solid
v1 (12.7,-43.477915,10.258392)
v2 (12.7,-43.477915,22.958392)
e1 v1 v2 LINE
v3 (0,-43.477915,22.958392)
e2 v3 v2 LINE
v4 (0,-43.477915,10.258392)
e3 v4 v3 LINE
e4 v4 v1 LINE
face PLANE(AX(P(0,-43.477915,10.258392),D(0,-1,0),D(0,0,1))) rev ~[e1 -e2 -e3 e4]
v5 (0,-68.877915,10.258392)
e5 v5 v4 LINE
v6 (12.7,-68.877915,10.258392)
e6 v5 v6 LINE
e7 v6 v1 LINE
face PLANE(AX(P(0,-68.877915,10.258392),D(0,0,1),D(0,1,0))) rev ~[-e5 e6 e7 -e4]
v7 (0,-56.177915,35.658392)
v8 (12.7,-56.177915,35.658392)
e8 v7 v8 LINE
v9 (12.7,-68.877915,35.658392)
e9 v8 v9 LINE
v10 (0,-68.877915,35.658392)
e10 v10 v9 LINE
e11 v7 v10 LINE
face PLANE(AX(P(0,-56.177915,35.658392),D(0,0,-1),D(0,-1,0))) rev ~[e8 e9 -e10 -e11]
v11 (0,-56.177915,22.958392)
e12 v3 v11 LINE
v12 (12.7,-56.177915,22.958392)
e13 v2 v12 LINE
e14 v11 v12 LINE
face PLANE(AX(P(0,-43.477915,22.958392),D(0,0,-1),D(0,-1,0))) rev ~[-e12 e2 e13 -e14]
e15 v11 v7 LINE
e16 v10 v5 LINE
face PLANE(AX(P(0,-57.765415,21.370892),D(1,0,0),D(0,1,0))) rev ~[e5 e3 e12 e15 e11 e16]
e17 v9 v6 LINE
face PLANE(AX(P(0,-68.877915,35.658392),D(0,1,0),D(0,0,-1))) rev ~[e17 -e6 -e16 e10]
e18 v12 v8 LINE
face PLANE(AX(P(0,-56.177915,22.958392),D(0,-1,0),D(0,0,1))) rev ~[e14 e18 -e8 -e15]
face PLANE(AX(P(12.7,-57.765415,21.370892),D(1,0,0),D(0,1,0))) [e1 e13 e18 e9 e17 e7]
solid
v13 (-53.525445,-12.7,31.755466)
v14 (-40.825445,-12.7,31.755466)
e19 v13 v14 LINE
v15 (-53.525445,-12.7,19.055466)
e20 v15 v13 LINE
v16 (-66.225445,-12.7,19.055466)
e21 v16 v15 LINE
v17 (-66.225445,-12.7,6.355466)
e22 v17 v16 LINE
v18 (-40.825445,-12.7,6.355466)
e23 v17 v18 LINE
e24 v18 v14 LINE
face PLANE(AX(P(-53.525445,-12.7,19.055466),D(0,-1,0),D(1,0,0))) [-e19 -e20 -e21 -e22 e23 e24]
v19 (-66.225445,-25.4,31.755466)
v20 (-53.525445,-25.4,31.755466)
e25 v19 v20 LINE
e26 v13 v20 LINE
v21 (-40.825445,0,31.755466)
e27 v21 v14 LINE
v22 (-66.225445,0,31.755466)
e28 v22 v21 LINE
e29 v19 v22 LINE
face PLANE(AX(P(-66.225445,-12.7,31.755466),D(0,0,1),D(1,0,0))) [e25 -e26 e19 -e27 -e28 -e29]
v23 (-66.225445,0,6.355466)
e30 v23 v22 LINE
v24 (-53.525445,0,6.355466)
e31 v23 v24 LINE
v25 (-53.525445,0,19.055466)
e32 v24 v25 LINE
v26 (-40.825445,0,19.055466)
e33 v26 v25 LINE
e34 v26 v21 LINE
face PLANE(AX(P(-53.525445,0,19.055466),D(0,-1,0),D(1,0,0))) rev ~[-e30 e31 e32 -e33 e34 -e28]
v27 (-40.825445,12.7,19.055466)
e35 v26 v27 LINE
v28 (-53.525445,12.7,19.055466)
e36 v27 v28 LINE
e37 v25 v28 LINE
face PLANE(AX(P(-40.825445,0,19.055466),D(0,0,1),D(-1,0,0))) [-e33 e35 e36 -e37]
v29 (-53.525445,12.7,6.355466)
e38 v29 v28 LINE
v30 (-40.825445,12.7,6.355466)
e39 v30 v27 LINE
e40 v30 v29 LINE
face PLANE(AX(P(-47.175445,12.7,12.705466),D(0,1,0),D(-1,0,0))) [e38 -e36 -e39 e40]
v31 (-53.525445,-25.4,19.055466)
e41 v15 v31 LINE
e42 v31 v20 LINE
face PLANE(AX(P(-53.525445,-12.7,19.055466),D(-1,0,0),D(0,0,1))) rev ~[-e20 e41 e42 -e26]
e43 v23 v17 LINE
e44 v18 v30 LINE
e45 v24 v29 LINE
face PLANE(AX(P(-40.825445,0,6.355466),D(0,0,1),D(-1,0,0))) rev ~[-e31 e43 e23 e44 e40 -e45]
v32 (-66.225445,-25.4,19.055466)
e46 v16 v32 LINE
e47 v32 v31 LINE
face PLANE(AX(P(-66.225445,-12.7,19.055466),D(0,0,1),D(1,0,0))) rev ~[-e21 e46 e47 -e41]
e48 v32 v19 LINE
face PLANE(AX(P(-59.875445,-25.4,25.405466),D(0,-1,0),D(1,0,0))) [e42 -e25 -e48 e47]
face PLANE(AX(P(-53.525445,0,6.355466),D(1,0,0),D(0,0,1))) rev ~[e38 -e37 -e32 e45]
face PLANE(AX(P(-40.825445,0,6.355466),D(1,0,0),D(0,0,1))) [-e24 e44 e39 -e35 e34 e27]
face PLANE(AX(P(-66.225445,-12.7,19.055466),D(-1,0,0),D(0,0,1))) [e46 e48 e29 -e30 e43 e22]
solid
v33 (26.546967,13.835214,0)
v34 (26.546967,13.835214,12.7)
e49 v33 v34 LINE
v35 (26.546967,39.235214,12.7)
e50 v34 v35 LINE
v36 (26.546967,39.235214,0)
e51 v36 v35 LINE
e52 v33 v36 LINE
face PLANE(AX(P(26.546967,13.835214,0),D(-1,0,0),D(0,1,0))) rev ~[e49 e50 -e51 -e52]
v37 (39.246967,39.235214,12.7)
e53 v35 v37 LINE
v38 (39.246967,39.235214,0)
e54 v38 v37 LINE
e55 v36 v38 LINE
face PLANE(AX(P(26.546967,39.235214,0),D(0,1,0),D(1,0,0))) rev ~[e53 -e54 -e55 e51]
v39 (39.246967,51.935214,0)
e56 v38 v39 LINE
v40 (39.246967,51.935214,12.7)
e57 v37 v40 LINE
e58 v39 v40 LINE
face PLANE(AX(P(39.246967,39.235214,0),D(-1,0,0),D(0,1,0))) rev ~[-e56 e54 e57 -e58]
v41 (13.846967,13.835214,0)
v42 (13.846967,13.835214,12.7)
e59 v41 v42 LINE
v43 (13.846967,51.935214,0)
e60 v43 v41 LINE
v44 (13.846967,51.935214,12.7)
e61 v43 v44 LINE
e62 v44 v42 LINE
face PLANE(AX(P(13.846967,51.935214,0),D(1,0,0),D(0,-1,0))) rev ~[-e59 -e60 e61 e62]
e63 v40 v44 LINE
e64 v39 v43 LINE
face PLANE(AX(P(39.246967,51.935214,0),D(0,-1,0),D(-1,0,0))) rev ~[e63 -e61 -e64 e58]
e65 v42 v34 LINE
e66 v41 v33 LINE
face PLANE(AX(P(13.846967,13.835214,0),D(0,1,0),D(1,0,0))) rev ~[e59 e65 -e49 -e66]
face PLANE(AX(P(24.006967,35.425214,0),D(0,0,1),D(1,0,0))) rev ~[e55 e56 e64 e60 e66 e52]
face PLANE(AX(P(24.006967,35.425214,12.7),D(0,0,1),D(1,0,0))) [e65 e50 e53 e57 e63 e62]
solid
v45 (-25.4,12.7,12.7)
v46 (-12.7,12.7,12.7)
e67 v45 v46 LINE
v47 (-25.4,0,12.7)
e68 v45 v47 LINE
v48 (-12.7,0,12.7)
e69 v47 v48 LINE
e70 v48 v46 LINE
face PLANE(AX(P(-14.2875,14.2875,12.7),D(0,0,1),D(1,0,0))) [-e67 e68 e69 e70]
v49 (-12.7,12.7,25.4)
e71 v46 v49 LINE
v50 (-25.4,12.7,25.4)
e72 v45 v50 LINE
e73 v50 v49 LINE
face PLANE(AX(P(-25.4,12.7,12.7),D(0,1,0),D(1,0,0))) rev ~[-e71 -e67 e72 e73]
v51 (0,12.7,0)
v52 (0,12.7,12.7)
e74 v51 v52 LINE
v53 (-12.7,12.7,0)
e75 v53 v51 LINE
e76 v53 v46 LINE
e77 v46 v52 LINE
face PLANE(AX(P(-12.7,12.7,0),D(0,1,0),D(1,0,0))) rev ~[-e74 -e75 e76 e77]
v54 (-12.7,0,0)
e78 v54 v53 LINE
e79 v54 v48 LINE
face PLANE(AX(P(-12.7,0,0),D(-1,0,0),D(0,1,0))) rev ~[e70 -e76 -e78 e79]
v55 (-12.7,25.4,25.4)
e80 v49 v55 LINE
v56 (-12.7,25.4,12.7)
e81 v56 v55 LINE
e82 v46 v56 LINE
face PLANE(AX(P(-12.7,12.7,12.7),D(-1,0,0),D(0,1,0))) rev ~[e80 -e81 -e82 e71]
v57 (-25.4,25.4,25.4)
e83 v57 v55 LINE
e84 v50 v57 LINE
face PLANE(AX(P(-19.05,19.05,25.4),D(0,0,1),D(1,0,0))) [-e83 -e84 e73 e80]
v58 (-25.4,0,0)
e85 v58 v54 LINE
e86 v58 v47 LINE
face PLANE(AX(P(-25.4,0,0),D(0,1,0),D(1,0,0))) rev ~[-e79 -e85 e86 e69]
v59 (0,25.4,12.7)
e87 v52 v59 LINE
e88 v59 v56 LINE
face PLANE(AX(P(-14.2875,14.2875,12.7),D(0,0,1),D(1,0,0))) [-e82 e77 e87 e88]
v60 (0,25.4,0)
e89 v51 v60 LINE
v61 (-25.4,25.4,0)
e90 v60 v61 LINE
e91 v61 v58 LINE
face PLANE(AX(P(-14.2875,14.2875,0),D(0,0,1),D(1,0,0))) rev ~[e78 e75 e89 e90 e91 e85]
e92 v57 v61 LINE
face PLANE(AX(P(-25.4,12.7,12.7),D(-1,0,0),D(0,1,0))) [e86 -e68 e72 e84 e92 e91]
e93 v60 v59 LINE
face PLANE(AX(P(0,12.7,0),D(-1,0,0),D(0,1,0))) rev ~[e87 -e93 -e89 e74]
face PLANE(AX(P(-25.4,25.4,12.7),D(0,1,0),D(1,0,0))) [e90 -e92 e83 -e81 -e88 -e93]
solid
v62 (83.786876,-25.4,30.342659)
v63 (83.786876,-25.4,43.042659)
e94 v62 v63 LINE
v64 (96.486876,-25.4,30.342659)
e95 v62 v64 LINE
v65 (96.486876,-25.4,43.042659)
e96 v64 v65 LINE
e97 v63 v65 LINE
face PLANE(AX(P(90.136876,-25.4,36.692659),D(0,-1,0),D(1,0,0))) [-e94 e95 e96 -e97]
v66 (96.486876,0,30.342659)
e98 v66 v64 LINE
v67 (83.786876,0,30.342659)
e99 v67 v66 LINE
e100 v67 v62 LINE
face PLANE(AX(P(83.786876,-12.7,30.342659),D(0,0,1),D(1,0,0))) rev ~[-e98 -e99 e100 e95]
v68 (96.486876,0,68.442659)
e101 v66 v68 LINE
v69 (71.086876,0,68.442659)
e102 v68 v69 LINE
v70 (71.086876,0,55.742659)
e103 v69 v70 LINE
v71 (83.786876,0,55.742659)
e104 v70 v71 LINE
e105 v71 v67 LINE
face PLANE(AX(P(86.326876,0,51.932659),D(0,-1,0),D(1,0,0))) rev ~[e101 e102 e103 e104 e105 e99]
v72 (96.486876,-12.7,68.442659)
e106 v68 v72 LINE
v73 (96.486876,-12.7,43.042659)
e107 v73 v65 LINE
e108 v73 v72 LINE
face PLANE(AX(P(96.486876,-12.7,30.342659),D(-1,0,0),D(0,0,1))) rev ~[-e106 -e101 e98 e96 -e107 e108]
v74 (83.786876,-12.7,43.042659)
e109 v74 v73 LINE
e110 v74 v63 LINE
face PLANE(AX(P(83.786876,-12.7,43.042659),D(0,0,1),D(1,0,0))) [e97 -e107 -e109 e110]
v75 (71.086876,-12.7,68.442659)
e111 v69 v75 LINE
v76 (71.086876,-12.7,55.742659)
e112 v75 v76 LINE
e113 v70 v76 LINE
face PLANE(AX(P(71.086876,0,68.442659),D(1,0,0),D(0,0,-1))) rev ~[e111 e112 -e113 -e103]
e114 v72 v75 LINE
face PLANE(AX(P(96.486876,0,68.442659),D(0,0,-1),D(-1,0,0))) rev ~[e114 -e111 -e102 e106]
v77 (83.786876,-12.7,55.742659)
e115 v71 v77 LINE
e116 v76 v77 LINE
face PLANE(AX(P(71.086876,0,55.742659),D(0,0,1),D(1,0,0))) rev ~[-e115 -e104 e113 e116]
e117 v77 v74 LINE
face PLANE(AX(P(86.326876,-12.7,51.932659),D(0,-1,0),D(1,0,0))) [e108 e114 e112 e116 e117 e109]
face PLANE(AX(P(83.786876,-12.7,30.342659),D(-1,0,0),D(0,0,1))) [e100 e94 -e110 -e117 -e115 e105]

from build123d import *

# Parameters (mm, degrees)
F1_DEPTH  = 12.7
F2_W      = 12.7
F2_H      = 12.7
F3_DEPTH  = 12.7
F5_DEPTH  = 12.7
F6_W      = 12.7
F6_H      = 12.7
F7_DEPTH  = 12.7
F8_W      = 25.4
F8_H      = 25.4
F9_DEPTH  = 12.7
F10_W     = 12.7
F10_H     = 12.7
F11_DEPTH = 12.7
F12_W     = 12.7
F12_H     = 12.7
F13_DEPTH = 12.7
F15_DEPTH = 12.7
F17_DEPTH = 12.7


with BuildPart() as f1:
    # F0 (on Top) → F1 (new body)
    with BuildSketch(Plane.XY):
        Polygon((-25.4, 25.4), (-25.4, 0), (-12.7, 0), (-12.7, 12.7), (0, 12.7), (0, 25.4), align=None)
    extrude(amount=F1_DEPTH)

    # F2 (on face) → F3 (join)
    with BuildSketch(Plane.XY.offset(12.7)):
        with Locations((-19.05, 19.05)):
            Rectangle(F2_W, F2_H)
    extrude(amount=F3_DEPTH)


with BuildPart() as f5:
    # F4 (on Front) → F5 (new body)
    with BuildSketch(Plane.XZ):
        Polygon((96.486876, 68.442659), (83.786876, 68.442659), (71.086876, 68.442659), (71.086876, 55.742659), (83.786876, 55.742659), (83.786876, 30.342659), (96.486876, 30.342659), align=None)
    extrude(amount=F5_DEPTH)

    # F6 (on face) → F7 (join)
    with BuildSketch(Plane.XZ.offset(12.7)):
        with Locations((90.136876, 36.692659)):
            Rectangle(F6_W, F6_H)
    extrude(amount=F7_DEPTH)


with BuildPart() as f9:
    # F8 (on Front) → F9 (new body)
    with BuildSketch(Plane.XZ):
        with Locations((-53.525445, 19.055466)):
            Rectangle(F8_W, F8_H)
    extrude(amount=F9_DEPTH)

    # F10 (on face) → F11 (join)
    with BuildSketch(Plane.XZ.offset(12.7)):
        with Locations((-59.875445, 25.405466)):
            Rectangle(F10_W, F10_H)
    extrude(amount=F11_DEPTH)

    # F12 (on face) → F13 (join)
    with BuildSketch(Plane(origin=(0, 0, 0), x_dir=(-1, 0, 0), z_dir=(0, 1, 0))):
        with Locations((47.175445, 12.705466)):
            Rectangle(F12_W, F12_H)
    extrude(amount=F13_DEPTH)


with BuildPart() as f15:
    # F14 (on Top) → F15 (new body)
    with BuildSketch(Plane.XY):
        Polygon((13.846967, 51.935214), (13.846967, 13.835214), (26.546967, 13.835214), (26.546967, 39.235214), (39.246967, 39.235214), (39.246967, 51.935214), align=None)
    extrude(amount=F15_DEPTH)


with BuildPart() as f17:
    # F16 (on Right) → F17 (new body)
    with BuildSketch(Plane.YZ):
        Polygon((-56.177915, 35.658392), (-68.877915, 35.658392), (-68.877915, 10.258392), (-43.477915, 10.258392), (-43.477915, 22.958392), (-56.177915, 22.958392), align=None)
    extrude(amount=F17_DEPTH)


solid = Compound([f1.part, f5.part, f9.part, f15.part, f17.part])
